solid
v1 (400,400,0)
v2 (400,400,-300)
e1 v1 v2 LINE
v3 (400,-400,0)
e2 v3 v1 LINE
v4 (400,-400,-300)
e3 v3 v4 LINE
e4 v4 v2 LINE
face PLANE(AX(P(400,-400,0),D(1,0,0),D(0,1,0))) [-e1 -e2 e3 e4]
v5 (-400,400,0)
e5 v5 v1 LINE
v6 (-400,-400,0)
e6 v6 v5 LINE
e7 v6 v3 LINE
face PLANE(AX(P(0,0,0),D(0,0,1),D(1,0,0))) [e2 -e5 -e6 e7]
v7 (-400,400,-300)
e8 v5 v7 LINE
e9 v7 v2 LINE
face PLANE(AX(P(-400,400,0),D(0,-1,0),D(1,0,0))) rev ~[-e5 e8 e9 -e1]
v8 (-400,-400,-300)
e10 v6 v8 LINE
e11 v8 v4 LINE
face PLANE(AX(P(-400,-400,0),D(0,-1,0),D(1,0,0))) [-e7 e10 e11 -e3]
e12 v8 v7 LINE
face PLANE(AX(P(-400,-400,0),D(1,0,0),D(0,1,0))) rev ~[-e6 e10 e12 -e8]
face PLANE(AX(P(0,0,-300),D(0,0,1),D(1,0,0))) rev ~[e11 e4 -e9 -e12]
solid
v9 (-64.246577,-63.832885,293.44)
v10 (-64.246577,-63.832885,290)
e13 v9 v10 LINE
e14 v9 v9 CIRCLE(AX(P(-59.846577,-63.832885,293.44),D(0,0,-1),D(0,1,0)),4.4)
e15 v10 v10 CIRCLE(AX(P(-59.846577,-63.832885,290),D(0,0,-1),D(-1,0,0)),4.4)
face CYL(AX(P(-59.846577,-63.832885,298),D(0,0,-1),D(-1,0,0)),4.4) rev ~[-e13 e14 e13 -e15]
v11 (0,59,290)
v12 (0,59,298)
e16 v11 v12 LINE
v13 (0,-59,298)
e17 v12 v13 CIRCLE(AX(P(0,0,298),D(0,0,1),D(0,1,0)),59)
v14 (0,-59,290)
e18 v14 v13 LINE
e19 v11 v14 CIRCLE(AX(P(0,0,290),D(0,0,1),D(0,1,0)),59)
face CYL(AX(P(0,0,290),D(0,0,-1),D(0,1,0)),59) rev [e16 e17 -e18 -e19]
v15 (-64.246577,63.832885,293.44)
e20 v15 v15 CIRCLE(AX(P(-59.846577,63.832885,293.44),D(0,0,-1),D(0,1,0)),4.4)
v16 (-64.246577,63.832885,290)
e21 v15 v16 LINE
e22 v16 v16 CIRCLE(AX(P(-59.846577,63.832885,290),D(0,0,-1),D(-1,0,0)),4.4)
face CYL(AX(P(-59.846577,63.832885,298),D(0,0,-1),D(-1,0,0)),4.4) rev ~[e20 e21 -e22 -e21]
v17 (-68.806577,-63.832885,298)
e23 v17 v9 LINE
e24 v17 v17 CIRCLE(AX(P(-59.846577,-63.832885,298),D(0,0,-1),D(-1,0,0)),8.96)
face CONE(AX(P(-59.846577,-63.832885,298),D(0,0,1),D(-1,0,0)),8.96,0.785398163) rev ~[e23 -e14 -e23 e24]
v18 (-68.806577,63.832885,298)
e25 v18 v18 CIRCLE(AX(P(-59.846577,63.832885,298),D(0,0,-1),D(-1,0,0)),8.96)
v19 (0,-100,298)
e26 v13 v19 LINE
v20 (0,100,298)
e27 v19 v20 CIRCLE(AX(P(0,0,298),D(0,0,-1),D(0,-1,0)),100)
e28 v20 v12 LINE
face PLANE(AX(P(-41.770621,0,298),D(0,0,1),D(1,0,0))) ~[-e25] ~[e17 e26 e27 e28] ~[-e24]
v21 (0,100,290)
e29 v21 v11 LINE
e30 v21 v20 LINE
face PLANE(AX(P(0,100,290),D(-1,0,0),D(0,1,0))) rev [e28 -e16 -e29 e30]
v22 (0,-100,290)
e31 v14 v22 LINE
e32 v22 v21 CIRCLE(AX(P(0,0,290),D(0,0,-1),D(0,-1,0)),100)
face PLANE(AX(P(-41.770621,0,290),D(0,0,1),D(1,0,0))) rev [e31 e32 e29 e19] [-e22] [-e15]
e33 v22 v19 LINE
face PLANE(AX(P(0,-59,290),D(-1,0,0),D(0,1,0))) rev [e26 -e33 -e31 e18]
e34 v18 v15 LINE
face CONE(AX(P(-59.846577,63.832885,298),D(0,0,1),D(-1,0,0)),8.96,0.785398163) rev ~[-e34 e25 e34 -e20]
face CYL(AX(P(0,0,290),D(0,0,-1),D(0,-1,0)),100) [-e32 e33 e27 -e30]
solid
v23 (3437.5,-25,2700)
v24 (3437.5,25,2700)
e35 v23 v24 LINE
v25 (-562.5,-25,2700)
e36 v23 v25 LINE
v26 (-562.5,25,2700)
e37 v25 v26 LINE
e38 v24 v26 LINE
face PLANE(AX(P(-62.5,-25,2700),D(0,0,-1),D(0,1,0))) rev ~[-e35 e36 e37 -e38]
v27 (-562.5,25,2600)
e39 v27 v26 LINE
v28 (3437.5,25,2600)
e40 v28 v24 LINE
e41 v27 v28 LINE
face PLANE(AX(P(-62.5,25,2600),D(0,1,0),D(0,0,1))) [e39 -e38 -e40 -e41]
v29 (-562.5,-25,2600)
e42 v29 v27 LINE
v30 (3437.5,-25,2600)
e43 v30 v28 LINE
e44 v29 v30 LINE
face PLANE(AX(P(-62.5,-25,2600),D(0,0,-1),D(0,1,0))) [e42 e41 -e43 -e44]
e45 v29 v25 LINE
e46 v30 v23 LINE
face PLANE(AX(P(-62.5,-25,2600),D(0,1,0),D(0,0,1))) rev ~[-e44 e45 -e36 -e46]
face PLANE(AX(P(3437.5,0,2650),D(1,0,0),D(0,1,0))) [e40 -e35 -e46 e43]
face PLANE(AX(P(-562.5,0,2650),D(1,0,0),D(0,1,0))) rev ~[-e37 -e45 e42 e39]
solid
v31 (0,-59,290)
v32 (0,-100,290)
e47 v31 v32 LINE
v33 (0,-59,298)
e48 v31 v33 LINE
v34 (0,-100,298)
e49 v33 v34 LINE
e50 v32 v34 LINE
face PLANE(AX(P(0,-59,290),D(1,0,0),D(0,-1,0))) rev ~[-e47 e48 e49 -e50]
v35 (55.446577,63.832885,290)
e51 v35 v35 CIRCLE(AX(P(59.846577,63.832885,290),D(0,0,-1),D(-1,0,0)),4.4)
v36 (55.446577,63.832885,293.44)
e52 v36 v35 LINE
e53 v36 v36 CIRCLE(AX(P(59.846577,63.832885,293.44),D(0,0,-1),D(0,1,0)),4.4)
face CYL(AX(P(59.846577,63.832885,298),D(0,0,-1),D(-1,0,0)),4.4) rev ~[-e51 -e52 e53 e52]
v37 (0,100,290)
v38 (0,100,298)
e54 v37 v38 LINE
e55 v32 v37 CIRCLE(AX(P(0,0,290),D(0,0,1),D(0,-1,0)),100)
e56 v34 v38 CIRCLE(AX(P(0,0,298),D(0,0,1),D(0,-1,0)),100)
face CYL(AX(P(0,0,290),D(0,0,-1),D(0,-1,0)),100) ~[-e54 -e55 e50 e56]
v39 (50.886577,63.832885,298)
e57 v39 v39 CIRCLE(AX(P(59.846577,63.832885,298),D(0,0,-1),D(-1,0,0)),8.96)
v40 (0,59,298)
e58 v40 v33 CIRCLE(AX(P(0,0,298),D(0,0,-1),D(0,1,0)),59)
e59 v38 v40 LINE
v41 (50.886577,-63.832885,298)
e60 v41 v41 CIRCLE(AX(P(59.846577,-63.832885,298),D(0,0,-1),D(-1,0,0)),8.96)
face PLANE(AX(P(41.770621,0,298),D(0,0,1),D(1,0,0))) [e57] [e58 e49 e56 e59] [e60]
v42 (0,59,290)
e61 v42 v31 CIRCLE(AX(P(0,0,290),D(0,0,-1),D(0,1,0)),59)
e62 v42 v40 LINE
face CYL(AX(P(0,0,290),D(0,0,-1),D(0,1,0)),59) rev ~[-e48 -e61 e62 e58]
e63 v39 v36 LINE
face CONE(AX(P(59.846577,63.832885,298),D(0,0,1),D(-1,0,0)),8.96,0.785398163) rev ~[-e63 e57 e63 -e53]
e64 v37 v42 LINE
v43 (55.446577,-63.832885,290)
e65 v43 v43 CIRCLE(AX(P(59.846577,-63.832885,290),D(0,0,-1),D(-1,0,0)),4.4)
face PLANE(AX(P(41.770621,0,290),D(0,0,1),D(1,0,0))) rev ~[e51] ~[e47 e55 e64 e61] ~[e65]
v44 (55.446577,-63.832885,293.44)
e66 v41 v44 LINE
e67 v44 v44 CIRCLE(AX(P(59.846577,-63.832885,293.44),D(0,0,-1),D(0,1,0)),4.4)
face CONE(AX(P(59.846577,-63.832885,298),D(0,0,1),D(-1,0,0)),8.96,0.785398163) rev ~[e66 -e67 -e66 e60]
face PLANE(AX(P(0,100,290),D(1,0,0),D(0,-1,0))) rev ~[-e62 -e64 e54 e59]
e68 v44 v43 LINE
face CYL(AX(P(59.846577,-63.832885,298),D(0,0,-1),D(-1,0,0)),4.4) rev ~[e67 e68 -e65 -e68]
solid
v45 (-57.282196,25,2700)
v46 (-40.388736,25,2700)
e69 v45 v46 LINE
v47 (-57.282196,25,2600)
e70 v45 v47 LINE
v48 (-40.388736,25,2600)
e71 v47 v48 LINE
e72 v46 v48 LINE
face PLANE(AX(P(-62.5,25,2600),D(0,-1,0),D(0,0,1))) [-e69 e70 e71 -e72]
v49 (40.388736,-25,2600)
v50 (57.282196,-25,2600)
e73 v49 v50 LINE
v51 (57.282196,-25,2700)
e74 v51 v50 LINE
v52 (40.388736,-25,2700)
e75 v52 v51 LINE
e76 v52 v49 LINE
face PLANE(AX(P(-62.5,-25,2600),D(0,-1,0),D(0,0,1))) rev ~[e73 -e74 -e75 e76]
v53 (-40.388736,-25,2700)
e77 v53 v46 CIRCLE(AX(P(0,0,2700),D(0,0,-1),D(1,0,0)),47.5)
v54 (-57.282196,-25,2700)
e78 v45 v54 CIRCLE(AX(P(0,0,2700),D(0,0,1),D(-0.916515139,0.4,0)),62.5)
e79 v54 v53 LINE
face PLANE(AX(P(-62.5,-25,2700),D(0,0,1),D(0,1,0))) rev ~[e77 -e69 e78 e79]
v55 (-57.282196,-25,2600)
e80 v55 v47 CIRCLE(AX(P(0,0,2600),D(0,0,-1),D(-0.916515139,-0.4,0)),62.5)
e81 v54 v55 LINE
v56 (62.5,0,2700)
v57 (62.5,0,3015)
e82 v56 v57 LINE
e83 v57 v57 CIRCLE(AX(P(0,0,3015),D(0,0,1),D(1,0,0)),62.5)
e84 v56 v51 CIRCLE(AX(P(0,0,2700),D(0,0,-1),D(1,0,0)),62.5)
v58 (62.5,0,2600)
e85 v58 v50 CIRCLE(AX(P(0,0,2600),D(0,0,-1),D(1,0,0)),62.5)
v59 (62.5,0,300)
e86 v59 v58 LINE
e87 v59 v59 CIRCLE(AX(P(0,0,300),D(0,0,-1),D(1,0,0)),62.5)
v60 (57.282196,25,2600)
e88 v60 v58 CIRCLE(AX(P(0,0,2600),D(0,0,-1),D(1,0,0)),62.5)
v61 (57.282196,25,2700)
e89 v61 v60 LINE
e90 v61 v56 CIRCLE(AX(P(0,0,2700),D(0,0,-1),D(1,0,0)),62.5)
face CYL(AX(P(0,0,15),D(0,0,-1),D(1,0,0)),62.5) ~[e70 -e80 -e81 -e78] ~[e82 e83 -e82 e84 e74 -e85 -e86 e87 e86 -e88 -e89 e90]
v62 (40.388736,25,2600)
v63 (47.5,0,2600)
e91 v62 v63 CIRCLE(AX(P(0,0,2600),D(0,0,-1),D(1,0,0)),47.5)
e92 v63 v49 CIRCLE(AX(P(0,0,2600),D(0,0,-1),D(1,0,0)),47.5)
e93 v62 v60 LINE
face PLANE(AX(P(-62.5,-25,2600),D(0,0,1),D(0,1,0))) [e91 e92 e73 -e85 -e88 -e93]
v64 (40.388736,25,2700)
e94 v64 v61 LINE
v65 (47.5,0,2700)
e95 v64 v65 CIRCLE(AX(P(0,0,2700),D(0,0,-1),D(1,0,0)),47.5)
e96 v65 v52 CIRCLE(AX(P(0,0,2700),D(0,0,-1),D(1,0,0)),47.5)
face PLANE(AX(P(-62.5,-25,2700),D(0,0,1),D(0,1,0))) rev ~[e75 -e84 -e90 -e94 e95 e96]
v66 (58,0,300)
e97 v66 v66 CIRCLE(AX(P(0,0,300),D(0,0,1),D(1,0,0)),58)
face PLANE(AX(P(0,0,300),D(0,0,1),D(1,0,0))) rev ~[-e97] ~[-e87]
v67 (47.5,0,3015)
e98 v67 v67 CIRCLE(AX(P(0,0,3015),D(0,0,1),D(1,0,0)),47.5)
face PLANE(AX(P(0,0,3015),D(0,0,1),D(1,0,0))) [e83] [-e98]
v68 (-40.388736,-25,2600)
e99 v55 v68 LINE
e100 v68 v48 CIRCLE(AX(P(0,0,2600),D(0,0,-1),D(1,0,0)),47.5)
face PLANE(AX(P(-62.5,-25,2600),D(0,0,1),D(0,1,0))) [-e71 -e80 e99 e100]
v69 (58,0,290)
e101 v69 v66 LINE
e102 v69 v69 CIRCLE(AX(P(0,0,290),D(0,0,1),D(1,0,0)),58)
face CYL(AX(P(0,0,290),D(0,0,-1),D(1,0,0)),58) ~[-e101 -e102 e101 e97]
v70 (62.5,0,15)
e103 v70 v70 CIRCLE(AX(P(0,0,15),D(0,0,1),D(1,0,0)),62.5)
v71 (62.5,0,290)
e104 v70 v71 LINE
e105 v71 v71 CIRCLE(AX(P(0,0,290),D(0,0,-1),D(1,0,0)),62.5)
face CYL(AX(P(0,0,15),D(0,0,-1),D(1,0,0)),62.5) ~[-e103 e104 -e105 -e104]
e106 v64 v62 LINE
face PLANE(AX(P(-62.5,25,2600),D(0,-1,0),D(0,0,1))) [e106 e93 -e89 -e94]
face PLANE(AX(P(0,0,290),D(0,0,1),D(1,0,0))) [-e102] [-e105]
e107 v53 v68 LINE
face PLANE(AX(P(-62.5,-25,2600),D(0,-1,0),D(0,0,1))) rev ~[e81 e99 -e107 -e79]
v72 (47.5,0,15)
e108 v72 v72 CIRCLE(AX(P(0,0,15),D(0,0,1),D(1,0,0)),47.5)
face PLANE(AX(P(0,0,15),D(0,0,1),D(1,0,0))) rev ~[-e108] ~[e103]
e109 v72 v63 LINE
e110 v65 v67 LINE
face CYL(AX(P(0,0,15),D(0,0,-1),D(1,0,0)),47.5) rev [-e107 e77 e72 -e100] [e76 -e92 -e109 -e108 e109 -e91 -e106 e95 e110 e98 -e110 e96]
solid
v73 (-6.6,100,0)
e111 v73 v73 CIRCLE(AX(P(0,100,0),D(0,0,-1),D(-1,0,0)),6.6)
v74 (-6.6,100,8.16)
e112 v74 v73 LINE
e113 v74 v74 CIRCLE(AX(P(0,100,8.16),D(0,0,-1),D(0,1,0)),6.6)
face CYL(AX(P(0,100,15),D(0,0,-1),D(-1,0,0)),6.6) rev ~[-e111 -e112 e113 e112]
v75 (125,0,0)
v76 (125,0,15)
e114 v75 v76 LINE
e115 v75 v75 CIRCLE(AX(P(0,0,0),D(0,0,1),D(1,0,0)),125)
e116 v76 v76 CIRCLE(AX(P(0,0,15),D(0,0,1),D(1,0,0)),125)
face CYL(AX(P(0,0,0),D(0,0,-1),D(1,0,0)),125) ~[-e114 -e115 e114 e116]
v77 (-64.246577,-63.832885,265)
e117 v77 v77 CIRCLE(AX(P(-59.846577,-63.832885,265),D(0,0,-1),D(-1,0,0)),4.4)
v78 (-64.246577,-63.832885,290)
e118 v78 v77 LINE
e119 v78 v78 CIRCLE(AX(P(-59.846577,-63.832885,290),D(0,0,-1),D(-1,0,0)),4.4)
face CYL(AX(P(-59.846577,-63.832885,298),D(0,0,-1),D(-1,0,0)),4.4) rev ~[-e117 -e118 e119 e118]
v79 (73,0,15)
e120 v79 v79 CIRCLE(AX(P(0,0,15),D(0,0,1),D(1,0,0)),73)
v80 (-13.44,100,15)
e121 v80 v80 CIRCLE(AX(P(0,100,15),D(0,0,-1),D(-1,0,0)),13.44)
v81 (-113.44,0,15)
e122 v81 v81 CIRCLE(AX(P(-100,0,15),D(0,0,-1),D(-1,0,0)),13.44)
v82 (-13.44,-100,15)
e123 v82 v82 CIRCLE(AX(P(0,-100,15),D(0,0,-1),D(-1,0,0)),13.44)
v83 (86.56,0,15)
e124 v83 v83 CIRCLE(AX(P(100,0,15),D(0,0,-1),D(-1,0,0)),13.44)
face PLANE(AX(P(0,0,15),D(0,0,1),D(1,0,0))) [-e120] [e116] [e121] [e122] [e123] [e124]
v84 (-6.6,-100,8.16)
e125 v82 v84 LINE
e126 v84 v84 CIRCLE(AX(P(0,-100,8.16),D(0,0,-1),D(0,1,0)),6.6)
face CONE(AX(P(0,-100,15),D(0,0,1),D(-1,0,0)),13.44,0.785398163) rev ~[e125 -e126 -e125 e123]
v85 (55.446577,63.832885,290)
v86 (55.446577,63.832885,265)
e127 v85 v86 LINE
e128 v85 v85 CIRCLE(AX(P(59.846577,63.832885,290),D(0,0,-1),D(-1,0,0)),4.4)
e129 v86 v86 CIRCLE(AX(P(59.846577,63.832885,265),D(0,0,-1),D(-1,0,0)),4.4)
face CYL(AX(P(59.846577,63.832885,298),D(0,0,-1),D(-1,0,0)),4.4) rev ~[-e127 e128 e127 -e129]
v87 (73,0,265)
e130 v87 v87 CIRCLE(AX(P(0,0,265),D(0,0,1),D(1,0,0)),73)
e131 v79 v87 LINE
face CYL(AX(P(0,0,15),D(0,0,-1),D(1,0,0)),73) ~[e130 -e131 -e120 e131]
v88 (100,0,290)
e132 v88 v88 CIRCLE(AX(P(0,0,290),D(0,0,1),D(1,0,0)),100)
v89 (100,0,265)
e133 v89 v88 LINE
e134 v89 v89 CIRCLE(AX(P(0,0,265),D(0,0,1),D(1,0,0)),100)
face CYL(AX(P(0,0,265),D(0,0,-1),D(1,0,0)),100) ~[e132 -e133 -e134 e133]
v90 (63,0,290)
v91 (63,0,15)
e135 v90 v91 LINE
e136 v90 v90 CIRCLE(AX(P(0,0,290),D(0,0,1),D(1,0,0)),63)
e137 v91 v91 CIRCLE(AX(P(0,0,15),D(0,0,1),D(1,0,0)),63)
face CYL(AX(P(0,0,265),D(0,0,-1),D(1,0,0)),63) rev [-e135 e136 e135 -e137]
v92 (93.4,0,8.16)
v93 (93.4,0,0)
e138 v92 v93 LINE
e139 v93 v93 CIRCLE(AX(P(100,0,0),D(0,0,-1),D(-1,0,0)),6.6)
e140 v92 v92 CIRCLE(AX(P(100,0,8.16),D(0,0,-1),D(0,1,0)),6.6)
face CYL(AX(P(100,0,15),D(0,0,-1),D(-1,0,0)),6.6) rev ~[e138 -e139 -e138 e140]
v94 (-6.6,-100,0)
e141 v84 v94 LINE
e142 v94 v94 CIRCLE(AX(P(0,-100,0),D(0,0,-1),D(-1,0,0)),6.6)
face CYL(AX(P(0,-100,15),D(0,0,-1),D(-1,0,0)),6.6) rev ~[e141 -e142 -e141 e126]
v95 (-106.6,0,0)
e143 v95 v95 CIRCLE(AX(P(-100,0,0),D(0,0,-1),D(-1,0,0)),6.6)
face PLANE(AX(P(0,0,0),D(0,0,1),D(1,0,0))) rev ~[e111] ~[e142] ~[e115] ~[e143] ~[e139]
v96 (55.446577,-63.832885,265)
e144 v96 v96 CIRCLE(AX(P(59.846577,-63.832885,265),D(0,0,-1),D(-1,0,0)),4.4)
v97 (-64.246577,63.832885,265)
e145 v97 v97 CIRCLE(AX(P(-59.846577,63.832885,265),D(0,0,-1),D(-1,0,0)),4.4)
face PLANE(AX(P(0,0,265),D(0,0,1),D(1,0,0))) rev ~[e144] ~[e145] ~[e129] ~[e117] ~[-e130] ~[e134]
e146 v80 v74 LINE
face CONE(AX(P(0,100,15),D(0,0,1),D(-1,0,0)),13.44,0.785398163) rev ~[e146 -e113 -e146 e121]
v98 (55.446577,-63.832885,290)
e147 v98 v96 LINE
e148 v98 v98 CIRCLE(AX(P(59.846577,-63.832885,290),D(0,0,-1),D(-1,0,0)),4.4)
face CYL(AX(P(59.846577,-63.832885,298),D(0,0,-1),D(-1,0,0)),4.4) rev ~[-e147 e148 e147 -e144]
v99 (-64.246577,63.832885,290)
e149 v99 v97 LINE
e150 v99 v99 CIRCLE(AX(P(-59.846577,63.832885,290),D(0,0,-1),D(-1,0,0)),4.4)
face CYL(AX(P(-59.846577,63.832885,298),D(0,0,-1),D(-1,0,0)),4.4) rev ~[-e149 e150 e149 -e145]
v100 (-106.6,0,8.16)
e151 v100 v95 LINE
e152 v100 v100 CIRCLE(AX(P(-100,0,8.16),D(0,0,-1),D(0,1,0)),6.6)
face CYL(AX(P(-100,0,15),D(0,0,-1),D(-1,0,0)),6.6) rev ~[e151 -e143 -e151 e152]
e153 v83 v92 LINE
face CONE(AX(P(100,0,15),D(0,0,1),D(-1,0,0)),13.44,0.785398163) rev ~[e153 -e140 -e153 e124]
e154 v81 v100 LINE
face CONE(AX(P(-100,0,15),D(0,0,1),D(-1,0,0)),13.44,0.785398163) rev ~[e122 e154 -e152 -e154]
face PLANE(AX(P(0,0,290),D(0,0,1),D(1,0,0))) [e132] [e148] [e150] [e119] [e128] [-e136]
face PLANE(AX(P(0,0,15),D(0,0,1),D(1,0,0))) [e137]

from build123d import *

# Parameters (mm, degrees)
F0_W              = 800
F0_H              = 800
F1_DEPTH          = 300
F2_R              = 125
F3_DEPTH          = 15
F4_R              = 62.5
F4_R_2            = 47.5
F5_DEPTH          = 3000
F7_W              = 50
F7_H              = 100
F8_DEPTH          = 462.501
F9_W              = 50
F9_H              = 100
F10_DEPTH         = 3500
F10_DEPTH_BACK    = 500
F11_R             = 73
F11_R_2           = 63
F12_DEPTH         = 250
F13_R             = 100
F13_R_2           = 63
F14_DEPTH         = 25
F15_R             = 63
F15_R_2           = 58
F16_DEPTH         = 10
F18_DEPTH         = 8
F21_D             = 8.8
F21_DEPTH         = 50
F21_CSINK_D       = 17.92
F21_CSINK_ANGLE   = 90
F21_TIP           = 2.6437867237
F21_2_D           = 8.8
F21_2_DEPTH       = 50
F21_2_CSINK_D     = 17.92
F21_2_CSINK_ANGLE = 90
F21_2_TIP         = 2.6437867237
F21_3_D           = 8.8
F21_3_DEPTH       = 50
F21_3_CSINK_D     = 17.92
F21_3_CSINK_ANGLE = 90
F21_3_TIP         = 2.6437867237
F23_D             = 13.2
F23_DEPTH         = 50
F23_CSINK_D       = 26.88
F23_CSINK_ANGLE   = 90
F23_TIP           = 3.9656800856


with BuildPart() as f1:
    # F0 (on Top) → F1 (new body)
    with BuildSketch(Plane.XY):
        Rectangle(F0_W, F0_H)
    extrude(amount=-F1_DEPTH)


with BuildPart() as f3:
    # F2 (on face) → F3 (new body)
    with BuildSketch(Plane.XY):
        Circle(F2_R)
    extrude(amount=F3_DEPTH)

    # F11 (on face) → F12 (join)
    with BuildSketch(Plane.XY.offset(15)):
        Circle(F11_R)
        Circle(F11_R_2, mode=Mode.SUBTRACT)
    extrude(amount=F12_DEPTH)

    # F13 (on face) → F14 (join)
    with BuildSketch(Plane.XY.offset(265)):
        Circle(F13_R)
        Circle(F13_R_2, mode=Mode.SUBTRACT)
    extrude(amount=F14_DEPTH)

    # F21
    with Locations(Plane.XY.offset(298)):
        with Locations((-59.8465768144, 63.8328852834), (59.8465768144, 63.8328852834), (59.8465768144, -63.8328852834), (-59.8465768144, -63.8328852834)):
            CounterSinkHole(F21_D / 2, F21_CSINK_D / 2, depth=F21_DEPTH, counter_sink_angle=F21_CSINK_ANGLE)
            with Locations((0, 0, -(F21_DEPTH + F21_TIP / 2))):  # 118° drill point
                Cone(0, F21_D / 2, F21_TIP, mode=Mode.SUBTRACT)

    # F23
    with Locations(Plane.XY.offset(15)):
        with Locations((0, 100), (0, -100), (100, 0), (-100, 0)):
            CounterSinkHole(F23_D / 2, F23_CSINK_D / 2, depth=F23_DEPTH, counter_sink_angle=F23_CSINK_ANGLE)
            with Locations((0, 0, -(F23_DEPTH + F23_TIP / 2))):  # 118° drill point
                Cone(0, F23_D / 2, F23_TIP, mode=Mode.SUBTRACT)


with BuildPart() as f5:
    # F4 (on face) → F5 (new body)
    with BuildSketch(Plane.XY.offset(15)):
        Circle(F4_R)
        Circle(F4_R_2, mode=Mode.SUBTRACT)
    extrude(amount=F5_DEPTH)

    # F7 (on offset) → F8 (cut, through all)
    with BuildSketch(Plane.YZ.offset(-62.5)):
        with Locations((0, 2650)):
            Rectangle(F7_W, F7_H)
    extrude(amount=F8_DEPTH, mode=Mode.SUBTRACT)

    # F15 (on face) → F16 (cut)
    with BuildSketch(Plane.XY.offset(290)):
        Circle(F15_R)
        Circle(F15_R_2, mode=Mode.SUBTRACT)
    extrude(amount=F16_DEPTH, mode=Mode.SUBTRACT)


with BuildPart() as f10:
    # F9 (on offset) → F10 (new body, two sides)
    with BuildSketch(Plane.YZ.offset(-62.5)) as f10_sk:
        with Locations((0, 2650)):
            Rectangle(F9_W, F9_H)
    extrude(amount=F10_DEPTH)
    extrude(f10_sk.sketch, amount=-F10_DEPTH_BACK)


with BuildPart() as f18:
    # F17 (on face) → F18 (new body)
    with BuildSketch(Plane.XY.offset(290)):
        with BuildLine():
            ThreePointArc((0, 59), (59, 0), (0, -59))
            Line((0, -59), (0, -100))
            ThreePointArc((0, -100), (100, 0), (0, 100))
            Line((0, 100), (0, 59))
        make_face()
    extrude(amount=F18_DEPTH)


with BuildPart() as f19_1:
    # F19: instance of F18
    add(f18.part.mirror(Plane(origin=(0, -79.5, 294), x_dir=(0, -1, 0), z_dir=(-1, 0, 0))))

    # F21#3
    with Locations(Plane.XY.offset(298)):
        with Locations((-59.8465768144, 63.8328852834), (59.8465768144, 63.8328852834), (59.8465768144, -63.8328852834), (-59.8465768144, -63.8328852834)):
            CounterSinkHole(F21_3_D / 2, F21_3_CSINK_D / 2, depth=F21_3_DEPTH, counter_sink_angle=F21_3_CSINK_ANGLE)
            with Locations((0, 0, -(F21_3_DEPTH + F21_3_TIP / 2))):  # 118° drill point
                Cone(0, F21_3_D / 2, F21_3_TIP, mode=Mode.SUBTRACT)


with BuildPart() as f18_1:
    add(f18.part)

    # F21#2
    with Locations(Plane.XY.offset(298)):
        with Locations((-59.8465768144, 63.8328852834), (59.8465768144, 63.8328852834), (59.8465768144, -63.8328852834), (-59.8465768144, -63.8328852834)):
            CounterSinkHole(F21_2_D / 2, F21_2_CSINK_D / 2, depth=F21_2_DEPTH, counter_sink_angle=F21_2_CSINK_ANGLE)
            with Locations((0, 0, -(F21_2_DEPTH + F21_2_TIP / 2))):  # 118° drill point
                Cone(0, F21_2_D / 2, F21_2_TIP, mode=Mode.SUBTRACT)


solid = Compound([f1.part, f3.part, f5.part, f10.part, f19_1.part, f18_1.part])
